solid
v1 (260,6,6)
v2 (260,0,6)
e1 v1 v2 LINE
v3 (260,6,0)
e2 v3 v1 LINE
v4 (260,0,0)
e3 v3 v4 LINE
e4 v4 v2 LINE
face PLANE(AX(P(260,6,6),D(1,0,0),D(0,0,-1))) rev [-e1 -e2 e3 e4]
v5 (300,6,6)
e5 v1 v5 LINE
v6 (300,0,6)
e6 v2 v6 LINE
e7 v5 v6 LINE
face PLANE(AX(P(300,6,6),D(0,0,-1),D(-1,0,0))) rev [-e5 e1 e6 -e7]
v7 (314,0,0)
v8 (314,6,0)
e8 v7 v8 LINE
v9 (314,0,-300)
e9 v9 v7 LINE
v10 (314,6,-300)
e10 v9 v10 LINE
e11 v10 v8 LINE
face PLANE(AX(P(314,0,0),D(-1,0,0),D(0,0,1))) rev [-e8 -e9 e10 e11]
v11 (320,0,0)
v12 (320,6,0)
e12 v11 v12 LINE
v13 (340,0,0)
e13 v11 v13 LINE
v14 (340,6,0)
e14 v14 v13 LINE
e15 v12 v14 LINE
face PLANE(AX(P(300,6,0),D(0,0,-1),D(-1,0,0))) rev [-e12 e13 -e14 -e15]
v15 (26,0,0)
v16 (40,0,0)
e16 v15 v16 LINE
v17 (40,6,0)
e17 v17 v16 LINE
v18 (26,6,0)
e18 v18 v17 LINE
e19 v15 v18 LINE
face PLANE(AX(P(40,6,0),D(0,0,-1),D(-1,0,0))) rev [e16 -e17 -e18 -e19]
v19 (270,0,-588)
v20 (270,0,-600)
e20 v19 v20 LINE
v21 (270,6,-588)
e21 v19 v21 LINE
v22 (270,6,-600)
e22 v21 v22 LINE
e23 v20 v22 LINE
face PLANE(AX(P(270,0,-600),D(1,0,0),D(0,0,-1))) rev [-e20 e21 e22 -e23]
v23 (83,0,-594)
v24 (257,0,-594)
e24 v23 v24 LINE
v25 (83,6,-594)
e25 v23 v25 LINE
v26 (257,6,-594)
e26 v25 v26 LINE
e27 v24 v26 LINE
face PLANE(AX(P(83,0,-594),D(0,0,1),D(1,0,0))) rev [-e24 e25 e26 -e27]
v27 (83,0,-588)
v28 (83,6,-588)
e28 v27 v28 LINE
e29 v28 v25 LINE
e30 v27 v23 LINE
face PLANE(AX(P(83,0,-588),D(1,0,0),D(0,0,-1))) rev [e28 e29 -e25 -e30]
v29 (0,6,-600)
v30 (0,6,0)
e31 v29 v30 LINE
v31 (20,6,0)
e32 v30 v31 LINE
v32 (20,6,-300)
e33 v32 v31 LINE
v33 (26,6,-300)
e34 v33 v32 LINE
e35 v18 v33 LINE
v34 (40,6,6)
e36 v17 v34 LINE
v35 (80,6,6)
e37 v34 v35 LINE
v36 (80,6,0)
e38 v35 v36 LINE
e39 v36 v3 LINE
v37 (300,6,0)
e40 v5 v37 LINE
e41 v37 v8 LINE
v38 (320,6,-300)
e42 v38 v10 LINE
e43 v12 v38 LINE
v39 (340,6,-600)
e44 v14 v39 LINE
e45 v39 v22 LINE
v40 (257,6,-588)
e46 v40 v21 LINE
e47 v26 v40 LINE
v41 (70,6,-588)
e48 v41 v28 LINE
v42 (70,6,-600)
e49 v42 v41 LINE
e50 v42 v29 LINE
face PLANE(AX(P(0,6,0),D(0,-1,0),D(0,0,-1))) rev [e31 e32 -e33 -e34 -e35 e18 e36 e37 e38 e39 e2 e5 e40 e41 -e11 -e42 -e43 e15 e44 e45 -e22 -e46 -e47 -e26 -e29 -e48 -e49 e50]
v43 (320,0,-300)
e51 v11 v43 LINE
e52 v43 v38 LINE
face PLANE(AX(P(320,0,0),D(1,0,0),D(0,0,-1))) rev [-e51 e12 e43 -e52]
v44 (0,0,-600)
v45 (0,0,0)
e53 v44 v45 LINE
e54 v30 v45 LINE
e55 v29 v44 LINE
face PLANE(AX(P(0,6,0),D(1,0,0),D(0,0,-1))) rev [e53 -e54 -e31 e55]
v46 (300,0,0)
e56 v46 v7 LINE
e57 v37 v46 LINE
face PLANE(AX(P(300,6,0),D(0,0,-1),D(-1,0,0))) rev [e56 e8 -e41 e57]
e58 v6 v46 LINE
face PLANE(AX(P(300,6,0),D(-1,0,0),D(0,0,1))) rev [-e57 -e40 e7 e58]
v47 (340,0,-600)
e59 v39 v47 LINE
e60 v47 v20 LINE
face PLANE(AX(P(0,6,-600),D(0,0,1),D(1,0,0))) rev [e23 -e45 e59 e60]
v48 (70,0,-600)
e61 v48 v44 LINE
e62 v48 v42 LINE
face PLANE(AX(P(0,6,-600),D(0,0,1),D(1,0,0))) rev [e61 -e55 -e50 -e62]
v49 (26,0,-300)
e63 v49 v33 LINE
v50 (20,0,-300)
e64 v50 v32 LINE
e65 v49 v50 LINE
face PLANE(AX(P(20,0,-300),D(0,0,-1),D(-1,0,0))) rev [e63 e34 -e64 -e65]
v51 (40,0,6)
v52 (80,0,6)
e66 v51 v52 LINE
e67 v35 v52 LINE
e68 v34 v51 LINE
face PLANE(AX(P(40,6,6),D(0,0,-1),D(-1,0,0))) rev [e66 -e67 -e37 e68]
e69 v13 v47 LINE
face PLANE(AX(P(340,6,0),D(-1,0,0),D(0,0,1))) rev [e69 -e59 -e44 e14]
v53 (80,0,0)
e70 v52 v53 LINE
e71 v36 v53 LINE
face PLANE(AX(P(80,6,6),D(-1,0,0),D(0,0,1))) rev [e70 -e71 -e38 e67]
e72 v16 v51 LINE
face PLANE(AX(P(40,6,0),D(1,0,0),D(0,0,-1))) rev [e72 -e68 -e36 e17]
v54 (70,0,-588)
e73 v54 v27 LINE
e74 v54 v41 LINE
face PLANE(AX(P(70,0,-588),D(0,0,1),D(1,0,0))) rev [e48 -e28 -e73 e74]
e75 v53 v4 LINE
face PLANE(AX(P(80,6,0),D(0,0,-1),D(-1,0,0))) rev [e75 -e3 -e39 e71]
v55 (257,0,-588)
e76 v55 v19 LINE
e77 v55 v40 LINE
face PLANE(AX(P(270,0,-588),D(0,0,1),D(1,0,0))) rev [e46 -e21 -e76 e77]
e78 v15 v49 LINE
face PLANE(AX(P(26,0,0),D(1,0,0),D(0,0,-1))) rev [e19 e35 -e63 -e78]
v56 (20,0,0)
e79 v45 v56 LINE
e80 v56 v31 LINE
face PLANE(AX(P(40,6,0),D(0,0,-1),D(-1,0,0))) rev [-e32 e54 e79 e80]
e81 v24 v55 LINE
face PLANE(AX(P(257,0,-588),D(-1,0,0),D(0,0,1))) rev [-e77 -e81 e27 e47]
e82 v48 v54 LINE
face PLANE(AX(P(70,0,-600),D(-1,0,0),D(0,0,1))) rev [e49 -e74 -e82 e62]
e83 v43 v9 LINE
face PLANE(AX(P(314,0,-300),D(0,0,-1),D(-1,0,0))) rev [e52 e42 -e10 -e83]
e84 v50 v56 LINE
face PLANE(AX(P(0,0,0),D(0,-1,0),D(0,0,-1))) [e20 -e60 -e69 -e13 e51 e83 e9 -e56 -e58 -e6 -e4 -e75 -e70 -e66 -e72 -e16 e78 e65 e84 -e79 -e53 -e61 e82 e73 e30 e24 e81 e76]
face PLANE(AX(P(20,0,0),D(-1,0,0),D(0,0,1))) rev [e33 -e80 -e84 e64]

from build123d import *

# Parameters (mm, degrees)
BOSS_EXTRUDE1_DEPTH = 6
SKETCH2_W           = 6
SKETCH2_H           = 300
CUT_EXTRUDE1_DEPTH  = 6
LPATTERN1_COUNT     = 2
LPATTERN1_PITCH     = 294
CUT_EXTRUDE2_DEPTH  = 6


with BuildPart() as part:
    # Sketch1 → Boss-Extrude1 (new body)
    with BuildSketch(Plane(origin=(0, 0, 0), x_dir=(1, 0, 0), z_dir=(0, 1, 0))):
        Polygon((300, 0), (300, -6), (260, -6), (260, 0), (80, 0), (80, -6), (40, -6), (40, 0), (0, 0), (0, 600), (340, 600), (340, 0), align=None)
    extrude(amount=BOSS_EXTRUDE1_DEPTH)

    # Sketch2 → Cut-Extrude1 (cut)
    with BuildSketch(Plane(origin=(0, 6, 0), x_dir=(1, 0, 0), z_dir=(0, 1, 0))):
        with Locations((23, 150)):
            Rectangle(SKETCH2_W, SKETCH2_H)
    cut_extrude1 = extrude(amount=-CUT_EXTRUDE1_DEPTH, mode=Mode.SUBTRACT)

    # LPattern1: Cut-Extrude1 ×2
    with Locations(*[(i * LPATTERN1_PITCH, 0, 0) for i in range(1, LPATTERN1_COUNT)]):
        add(cut_extrude1, mode=Mode.SUBTRACT)

    # Sketch3 → Cut-Extrude2 (cut)
    with BuildSketch(Plane(origin=(0, 6, 0), x_dir=(1, 0, 0), z_dir=(0, 1, 0))):
        Polygon((70, 600), (270, 600), (270, 588), (257, 588), (257, 594), (83, 594), (83, 588), (70, 588), align=None)
    extrude(amount=-CUT_EXTRUDE2_DEPTH, mode=Mode.SUBTRACT)


solid = part.part
